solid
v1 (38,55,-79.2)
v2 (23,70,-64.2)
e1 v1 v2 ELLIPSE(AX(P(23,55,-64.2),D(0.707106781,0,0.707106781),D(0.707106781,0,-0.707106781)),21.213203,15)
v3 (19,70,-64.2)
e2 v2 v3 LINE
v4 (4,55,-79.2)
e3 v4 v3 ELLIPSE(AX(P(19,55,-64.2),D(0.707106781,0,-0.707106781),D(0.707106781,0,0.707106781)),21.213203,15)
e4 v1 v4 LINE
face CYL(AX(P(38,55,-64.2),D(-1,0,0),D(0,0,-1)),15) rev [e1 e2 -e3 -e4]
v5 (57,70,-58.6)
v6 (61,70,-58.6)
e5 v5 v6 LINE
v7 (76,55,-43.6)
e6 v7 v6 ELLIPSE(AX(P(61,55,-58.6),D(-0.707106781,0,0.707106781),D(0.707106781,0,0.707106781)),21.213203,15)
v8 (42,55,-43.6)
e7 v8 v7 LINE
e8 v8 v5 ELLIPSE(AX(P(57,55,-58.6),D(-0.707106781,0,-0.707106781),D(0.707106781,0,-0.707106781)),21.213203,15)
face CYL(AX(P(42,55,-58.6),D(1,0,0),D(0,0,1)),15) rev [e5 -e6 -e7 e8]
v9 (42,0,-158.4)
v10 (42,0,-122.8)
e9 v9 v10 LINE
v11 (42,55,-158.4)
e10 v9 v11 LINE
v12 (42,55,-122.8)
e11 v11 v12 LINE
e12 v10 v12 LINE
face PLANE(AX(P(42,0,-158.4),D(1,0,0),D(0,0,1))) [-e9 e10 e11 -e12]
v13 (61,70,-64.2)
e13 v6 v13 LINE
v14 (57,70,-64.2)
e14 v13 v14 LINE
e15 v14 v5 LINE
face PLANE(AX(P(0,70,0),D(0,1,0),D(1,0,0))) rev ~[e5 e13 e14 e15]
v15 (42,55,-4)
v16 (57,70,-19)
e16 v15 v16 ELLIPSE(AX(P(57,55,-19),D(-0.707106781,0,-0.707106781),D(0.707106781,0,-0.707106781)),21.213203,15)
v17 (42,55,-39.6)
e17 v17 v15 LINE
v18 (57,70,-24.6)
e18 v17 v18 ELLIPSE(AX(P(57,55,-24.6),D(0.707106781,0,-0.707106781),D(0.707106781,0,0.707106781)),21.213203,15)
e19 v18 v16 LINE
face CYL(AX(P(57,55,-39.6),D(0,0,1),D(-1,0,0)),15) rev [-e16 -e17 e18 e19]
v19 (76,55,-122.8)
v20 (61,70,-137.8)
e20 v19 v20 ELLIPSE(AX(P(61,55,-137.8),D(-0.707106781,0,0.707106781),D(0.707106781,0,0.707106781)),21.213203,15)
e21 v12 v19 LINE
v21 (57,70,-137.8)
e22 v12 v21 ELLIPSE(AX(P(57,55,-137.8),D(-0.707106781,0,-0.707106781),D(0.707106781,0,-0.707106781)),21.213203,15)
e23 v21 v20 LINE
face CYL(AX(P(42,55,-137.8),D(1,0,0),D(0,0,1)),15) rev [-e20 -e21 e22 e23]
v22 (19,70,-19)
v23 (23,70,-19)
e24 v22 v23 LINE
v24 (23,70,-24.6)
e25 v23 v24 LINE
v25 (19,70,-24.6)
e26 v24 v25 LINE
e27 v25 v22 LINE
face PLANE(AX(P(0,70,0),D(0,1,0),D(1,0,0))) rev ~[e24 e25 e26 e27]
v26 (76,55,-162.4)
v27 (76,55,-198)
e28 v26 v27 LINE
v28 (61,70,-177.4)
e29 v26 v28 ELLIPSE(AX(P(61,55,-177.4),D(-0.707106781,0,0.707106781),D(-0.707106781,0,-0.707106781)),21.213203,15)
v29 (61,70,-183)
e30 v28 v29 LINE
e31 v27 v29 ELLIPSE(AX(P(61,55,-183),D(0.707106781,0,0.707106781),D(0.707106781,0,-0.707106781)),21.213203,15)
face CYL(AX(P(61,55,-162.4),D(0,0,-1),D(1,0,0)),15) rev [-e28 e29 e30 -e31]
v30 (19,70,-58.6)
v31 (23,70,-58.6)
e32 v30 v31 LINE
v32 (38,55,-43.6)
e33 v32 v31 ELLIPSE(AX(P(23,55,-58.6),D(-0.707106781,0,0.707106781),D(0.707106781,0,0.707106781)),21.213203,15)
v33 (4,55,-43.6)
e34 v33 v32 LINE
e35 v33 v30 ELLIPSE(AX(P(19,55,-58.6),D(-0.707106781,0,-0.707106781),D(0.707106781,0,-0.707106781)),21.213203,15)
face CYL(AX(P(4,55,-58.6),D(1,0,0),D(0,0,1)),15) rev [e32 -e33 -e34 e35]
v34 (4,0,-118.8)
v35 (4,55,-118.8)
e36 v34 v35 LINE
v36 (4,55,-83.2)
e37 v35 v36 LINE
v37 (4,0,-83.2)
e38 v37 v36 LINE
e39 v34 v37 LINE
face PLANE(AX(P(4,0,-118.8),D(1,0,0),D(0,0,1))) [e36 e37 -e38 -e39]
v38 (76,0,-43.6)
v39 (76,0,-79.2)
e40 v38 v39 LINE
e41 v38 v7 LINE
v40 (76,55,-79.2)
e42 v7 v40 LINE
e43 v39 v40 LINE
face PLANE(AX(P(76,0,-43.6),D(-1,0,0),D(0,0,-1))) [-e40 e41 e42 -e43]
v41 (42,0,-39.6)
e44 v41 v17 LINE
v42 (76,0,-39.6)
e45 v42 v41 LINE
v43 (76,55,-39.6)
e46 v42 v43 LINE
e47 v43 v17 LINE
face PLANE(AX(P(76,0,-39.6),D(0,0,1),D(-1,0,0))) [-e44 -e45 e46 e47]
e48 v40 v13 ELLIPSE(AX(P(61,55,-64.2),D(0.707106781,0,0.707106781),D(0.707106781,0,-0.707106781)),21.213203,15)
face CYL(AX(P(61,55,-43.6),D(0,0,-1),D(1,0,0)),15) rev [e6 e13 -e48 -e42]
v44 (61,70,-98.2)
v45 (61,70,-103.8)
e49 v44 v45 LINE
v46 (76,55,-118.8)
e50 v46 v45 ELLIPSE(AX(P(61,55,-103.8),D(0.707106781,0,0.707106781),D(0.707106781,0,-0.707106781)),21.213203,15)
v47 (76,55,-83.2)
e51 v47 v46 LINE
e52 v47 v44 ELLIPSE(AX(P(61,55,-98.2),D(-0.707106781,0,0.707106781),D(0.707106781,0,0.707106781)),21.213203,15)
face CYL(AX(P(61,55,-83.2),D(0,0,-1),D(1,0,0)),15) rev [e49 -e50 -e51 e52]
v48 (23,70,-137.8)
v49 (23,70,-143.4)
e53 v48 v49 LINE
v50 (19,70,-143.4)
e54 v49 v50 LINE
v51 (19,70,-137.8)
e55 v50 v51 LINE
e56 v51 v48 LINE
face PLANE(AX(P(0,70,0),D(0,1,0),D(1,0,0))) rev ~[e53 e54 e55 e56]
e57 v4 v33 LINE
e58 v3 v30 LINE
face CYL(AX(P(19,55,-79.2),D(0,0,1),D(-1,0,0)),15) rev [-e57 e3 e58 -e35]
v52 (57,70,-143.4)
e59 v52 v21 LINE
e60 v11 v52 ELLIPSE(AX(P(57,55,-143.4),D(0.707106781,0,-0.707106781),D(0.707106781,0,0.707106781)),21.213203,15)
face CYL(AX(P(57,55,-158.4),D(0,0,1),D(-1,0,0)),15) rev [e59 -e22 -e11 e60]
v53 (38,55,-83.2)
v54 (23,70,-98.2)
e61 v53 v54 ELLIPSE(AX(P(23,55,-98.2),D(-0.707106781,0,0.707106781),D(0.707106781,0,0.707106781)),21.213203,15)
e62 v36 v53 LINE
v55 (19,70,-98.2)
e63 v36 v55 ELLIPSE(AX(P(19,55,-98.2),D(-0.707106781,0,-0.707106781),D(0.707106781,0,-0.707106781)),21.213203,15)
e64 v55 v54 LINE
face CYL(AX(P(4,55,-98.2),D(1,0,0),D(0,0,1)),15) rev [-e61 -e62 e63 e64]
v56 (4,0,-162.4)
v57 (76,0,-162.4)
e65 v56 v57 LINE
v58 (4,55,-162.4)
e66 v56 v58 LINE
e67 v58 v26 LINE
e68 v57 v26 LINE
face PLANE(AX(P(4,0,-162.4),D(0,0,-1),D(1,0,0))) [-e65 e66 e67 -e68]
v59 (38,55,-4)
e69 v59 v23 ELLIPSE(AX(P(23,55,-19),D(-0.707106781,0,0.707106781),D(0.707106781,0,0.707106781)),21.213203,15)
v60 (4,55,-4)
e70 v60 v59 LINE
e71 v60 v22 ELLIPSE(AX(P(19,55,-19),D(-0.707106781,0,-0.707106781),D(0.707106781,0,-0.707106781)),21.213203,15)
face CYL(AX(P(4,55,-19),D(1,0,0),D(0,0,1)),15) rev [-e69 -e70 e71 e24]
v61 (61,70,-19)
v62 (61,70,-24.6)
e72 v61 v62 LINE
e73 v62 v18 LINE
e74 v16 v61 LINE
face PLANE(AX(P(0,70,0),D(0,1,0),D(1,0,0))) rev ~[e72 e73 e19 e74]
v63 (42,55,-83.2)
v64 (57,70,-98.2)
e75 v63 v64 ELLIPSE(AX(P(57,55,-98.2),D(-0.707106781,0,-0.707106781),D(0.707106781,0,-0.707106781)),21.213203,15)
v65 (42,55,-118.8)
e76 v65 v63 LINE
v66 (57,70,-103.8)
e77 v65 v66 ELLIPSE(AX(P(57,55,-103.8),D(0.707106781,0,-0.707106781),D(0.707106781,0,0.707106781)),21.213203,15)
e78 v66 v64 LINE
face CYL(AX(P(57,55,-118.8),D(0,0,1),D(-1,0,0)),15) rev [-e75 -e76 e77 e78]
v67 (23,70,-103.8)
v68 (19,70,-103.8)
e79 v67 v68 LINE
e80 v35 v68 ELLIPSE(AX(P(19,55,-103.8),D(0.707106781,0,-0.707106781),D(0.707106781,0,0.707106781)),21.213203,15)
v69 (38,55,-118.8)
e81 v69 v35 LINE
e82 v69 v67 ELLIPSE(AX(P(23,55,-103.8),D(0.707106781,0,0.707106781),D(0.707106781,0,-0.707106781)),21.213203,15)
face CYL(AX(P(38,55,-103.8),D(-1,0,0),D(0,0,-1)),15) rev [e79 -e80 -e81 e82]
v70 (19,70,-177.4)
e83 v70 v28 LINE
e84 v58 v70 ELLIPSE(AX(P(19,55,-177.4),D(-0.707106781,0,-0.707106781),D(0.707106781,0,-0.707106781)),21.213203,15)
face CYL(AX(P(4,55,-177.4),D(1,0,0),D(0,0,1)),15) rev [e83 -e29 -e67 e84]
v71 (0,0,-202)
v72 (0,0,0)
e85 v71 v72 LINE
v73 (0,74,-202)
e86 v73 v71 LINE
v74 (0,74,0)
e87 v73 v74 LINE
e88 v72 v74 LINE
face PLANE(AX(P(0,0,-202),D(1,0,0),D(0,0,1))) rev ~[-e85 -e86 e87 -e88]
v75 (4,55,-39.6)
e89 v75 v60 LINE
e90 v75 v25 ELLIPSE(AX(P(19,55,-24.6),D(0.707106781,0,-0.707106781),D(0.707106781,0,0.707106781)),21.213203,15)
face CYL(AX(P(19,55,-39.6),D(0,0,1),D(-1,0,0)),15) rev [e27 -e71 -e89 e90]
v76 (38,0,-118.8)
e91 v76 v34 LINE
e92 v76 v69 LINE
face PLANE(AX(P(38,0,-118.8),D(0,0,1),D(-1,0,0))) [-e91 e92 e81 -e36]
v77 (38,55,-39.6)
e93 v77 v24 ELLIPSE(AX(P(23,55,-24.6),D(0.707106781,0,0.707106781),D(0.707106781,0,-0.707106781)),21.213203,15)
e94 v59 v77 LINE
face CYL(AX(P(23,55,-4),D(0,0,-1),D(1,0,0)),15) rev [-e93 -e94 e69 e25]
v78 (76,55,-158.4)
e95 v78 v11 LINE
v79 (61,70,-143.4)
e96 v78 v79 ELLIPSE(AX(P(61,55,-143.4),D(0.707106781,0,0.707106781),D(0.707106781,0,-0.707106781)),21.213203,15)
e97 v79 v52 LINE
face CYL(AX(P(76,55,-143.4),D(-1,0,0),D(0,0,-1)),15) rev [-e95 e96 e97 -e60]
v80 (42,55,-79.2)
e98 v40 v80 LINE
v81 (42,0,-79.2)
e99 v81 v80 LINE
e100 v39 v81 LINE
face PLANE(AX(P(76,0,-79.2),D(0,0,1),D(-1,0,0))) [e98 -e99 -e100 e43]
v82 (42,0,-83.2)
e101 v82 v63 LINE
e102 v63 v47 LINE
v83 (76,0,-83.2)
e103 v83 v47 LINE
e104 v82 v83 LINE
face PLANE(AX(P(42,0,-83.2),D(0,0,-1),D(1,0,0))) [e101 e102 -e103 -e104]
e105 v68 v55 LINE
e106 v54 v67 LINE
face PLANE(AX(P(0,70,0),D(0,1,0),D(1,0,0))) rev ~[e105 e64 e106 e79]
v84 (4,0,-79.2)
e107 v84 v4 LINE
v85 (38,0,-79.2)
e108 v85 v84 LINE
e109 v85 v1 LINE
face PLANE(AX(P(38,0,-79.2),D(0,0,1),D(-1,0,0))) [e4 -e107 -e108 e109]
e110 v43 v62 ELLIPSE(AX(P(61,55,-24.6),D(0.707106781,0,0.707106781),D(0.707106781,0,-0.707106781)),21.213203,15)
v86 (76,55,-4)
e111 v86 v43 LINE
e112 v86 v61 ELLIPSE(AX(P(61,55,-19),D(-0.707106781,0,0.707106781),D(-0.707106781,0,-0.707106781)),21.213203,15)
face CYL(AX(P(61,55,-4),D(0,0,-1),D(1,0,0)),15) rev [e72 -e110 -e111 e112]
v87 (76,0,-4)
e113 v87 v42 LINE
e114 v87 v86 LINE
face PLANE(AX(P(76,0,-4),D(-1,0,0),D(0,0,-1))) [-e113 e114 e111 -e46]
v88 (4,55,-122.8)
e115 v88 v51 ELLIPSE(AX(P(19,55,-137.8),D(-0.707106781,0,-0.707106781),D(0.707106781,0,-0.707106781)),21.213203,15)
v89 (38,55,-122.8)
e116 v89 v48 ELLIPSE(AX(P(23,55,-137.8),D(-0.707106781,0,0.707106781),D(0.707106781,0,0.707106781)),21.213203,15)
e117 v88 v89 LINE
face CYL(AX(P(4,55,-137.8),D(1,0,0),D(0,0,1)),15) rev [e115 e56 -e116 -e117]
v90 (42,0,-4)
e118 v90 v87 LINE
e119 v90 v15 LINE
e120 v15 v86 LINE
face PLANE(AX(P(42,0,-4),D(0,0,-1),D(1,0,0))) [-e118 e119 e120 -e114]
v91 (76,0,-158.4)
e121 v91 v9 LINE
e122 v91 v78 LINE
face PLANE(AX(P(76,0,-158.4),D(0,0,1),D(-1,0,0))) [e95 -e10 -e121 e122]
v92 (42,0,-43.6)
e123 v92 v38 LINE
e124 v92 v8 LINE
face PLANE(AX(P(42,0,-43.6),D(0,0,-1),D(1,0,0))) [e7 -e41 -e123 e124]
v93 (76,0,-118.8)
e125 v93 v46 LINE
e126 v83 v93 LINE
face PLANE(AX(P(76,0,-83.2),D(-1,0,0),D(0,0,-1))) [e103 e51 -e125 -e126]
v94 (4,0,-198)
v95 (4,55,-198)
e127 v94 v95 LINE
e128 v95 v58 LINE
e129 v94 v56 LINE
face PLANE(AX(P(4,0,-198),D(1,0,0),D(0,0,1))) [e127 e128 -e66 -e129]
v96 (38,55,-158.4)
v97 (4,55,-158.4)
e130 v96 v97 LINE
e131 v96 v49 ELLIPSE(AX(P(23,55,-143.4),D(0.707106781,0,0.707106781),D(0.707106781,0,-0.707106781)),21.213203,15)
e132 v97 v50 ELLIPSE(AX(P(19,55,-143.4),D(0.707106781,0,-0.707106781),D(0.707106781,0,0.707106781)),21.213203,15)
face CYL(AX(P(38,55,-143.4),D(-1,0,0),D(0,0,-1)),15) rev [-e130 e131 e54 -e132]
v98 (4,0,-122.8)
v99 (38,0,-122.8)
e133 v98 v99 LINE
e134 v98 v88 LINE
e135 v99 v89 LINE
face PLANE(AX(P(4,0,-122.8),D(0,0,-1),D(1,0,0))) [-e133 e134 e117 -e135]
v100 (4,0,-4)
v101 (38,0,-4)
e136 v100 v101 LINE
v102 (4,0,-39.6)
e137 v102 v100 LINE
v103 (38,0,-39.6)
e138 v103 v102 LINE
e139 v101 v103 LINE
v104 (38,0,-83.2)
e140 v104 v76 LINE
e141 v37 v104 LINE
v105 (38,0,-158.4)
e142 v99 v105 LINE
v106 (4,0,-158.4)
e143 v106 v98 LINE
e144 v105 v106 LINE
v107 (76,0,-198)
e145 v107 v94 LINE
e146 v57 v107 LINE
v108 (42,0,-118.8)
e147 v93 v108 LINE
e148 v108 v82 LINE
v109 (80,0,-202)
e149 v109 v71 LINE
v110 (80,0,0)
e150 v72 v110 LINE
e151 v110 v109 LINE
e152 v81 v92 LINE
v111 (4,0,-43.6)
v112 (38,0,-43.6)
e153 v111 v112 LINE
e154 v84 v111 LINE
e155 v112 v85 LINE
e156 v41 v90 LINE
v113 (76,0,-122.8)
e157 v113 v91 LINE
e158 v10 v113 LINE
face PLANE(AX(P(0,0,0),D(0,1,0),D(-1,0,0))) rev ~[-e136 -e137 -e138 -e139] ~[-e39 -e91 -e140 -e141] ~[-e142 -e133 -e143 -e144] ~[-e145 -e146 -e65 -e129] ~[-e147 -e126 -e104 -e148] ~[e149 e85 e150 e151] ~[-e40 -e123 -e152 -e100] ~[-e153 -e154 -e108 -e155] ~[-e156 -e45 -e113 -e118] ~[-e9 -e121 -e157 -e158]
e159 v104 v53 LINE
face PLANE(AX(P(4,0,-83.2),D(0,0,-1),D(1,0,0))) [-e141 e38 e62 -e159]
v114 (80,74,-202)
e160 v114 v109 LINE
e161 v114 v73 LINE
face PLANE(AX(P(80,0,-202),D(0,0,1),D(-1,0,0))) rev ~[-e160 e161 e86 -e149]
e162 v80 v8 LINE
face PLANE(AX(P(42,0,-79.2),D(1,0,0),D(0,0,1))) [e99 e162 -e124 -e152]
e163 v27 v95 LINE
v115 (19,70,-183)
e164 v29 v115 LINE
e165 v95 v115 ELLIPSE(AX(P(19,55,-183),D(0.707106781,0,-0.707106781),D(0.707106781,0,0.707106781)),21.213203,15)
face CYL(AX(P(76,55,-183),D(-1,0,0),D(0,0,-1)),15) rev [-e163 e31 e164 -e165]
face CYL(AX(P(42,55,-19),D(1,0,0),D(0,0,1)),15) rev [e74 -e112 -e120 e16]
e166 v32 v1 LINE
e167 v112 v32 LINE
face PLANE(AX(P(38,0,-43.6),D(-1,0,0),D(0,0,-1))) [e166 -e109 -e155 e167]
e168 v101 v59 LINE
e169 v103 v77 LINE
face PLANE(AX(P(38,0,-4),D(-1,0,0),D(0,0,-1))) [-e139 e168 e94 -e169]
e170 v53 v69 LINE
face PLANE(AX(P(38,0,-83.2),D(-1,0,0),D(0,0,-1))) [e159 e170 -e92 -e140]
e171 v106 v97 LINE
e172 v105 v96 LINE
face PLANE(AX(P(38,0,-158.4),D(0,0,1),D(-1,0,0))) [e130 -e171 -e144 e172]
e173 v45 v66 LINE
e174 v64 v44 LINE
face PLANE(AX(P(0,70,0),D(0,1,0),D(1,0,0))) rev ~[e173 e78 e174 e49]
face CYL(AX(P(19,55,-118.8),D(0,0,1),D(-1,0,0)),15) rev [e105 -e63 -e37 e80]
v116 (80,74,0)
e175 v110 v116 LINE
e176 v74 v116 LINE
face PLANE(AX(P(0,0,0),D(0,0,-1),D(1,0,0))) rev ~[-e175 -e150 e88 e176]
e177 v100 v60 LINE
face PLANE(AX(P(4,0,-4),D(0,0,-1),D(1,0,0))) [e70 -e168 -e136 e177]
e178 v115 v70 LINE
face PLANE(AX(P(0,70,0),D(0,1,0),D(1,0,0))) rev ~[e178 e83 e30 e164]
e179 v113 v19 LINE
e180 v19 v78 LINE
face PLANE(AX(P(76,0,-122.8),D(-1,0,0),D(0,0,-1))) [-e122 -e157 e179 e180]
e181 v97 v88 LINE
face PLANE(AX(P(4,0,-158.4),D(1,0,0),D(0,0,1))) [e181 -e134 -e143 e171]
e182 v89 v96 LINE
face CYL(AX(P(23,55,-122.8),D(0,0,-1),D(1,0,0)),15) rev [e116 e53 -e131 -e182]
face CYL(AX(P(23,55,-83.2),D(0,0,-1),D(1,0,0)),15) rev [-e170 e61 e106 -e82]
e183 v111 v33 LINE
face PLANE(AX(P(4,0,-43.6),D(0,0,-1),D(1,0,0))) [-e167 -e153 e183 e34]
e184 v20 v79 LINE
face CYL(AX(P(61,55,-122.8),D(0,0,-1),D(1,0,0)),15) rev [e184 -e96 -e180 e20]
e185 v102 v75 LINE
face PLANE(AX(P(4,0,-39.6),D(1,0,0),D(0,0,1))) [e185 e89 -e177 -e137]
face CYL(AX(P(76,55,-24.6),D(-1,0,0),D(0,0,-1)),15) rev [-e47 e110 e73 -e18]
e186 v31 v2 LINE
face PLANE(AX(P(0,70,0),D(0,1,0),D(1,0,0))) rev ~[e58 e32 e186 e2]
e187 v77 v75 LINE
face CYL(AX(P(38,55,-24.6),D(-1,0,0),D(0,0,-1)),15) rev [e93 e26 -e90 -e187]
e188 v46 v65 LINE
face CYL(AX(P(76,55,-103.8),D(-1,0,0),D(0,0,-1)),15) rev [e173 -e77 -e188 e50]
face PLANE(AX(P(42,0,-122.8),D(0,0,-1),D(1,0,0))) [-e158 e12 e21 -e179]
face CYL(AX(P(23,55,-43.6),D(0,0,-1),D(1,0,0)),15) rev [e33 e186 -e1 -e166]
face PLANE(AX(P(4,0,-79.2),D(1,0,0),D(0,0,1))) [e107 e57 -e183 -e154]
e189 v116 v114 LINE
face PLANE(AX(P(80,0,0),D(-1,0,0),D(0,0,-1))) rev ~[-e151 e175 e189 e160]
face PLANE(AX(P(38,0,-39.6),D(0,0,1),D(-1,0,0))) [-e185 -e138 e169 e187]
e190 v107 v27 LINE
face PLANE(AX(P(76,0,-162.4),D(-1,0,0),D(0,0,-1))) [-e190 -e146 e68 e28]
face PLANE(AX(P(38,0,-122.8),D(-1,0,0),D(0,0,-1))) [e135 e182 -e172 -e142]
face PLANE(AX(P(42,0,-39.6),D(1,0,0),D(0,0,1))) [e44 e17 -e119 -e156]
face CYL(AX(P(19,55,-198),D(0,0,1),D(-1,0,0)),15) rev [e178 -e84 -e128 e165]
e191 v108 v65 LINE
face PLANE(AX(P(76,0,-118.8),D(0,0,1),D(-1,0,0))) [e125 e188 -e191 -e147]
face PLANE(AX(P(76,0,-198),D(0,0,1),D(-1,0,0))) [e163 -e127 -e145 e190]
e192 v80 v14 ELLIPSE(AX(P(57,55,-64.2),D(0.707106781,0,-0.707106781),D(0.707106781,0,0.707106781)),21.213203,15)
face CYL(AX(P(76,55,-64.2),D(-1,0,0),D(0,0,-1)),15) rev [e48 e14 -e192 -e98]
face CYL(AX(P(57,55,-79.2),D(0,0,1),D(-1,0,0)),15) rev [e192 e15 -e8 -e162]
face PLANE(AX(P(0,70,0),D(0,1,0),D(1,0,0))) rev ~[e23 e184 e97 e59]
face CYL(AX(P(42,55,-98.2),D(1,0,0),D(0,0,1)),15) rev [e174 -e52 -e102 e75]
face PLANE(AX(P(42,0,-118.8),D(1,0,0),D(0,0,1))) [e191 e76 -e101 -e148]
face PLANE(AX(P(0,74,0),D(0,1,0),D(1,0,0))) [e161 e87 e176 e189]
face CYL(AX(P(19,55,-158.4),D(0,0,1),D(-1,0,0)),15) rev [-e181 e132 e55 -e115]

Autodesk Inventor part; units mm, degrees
ref_plane "YZ Plane" through (0, 0, 0) normal (1, 0, 0) x (0, 1, 0)
ref_plane "XZ Plane" through (0, 0, 0) normal (0, 1, 0) x (-1, 0, 0)
ref_plane "XY Plane" through (0, 0, 0) normal (0, 0, 1) x (1, 0, 0)
sketch "Sketch1" plane through (0, 0, 0) normal (0, 1, 0) x (-1, 0, 0)
  line L0 (0, 0) -> (-80, 0)
  line L1 (-80, 0) -> (-80, -202)
  line L2 (-80, -202) -> (0, -202)
  line L3 (0, -202) -> (0, 0)
  line L4 (-4, -4) -> (-38, -4)
  line L5 (-38, -4) -> (-38, -39.6)
  line L6 (-38, -39.6) -> (-4, -39.6)
  line L7 (-4, -39.6) -> (-4, -4)
  line L8 (-4, -43.6) -> (-38, -43.6)
  line L9 (-38, -43.6) -> (-38, -79.2)
  line L10 (-38, -79.2) -> (-4, -79.2)
  line L11 (-4, -79.2) -> (-4, -43.6)
  line L12 (-4, -83.2) -> (-38, -83.2)
  line L13 (-38, -83.2) -> (-38, -118.8)
  line L14 (-38, -118.8) -> (-4, -118.8)
  line L15 (-4, -118.8) -> (-4, -83.2)
  line L16 (-4, -122.8) -> (-38, -122.8)
  line L17 (-38, -122.8) -> (-38, -158.4)
  line L18 (-38, -158.4) -> (-4, -158.4)
  line L19 (-4, -158.4) -> (-4, -122.8)
  line L20 (-42, -158.4) -> (-42, -122.8)
  line L21 (-42, -122.8) -> (-76, -122.8)
  line L22 (-76, -122.8) -> (-76, -158.4)
  line L23 (-76, -158.4) -> (-42, -158.4)
  line L24 (-76, -118.8) -> (-42, -118.8)
  line L25 (-76, -83.2) -> (-76, -118.8)
  line L26 (-42, -118.8) -> (-42, -83.2)
  line L27 (-42, -83.2) -> (-76, -83.2)
  line L28 (-76, -79.2) -> (-42, -79.2)
  line L29 (-76, -43.6) -> (-76, -79.2)
  line L30 (-42, -79.2) -> (-42, -43.6)
  line L31 (-42, -43.6) -> (-76, -43.6)
  line L32 (-76, -39.6) -> (-42, -39.6)
  line L33 (-42, -4) -> (-76, -4)
  line L34 (-42, -39.6) -> (-42, -4)
  line L35 (-76, -4) -> (-76, -39.6)
  line L36 (-4, -162.4) -> (-76, -162.4)
  line L37 (-76, -162.4) -> (-76, -198)
  line L38 (-76, -198) -> (-4, -198)
  line L39 (-4, -198) -> (-4, -162.4)
  point P0 (0, 0)
  dimension "d8" = 34
  dimension "d9" = 35.6
  dimension "d10" = 4
  dimension "d11" = 4
  dimension "d12" = 39.6
  dimension "d20" = 38
  dimension "d25" = 35.6
  dimension "d26" = 4
  dimension "d27" = 4
  dimension "d28" = 4
  dimension "d29" = 4
  dimension "d30" = 4
extrude "Extrusion1" add sketch "Sketch1" along normal blind 70
sketch "Sketch2" plane through (0, 70, 0) normal (0, 1, 0) x (1, 0, 0)
  line L0 (0, 202) -> (0, 0) projected
  line L1 (0, 0) -> (80, 0) projected
  line L2 (80, 0) -> (80, 202) projected
  line L3 (80, 202) -> (0, 202) projected
extrude "Extrusion2" add sketch "Sketch2" along normal blind 4
fillet "Fillet1" radius 15 36 edges at (76, 70, -180.2) (40, 70, -162.4) (4, 70, -180.2) (40, 70, -198) (76, 70, -21.8) (59, 70, -4) (21, 70, -4) (38, 70, -21.8) (59, 70, -43.6) (76, 70, -61.4) (21, 70, -43.6) (38, 70, -61.4) (21, 70, -83.2) (38, 70, -101) (59, 70, -83.2) (76, 70, -101) (59, 70, -122.8) (76, 70, -140.6) (21, 70, -122.8) (38, 70, -140.6) (4, 70, -21.8) (21, 70, -39.6) (42, 70, -21.8) (59, 70, -39.6) (42, 70, -61.4) (59, 70, -79.2) (4, 70, -61.4) (21, 70, -79.2) (4, 70, -101) (21, 70, -118.8) (42, 70, -101) (59, 70, -118.8) (42, 70, -140.6) (59, 70, -158.4) (4, 70, -140.6) (21, 70, -158.4)
properties part number "Contenedor A" material "ABS Plastic"
